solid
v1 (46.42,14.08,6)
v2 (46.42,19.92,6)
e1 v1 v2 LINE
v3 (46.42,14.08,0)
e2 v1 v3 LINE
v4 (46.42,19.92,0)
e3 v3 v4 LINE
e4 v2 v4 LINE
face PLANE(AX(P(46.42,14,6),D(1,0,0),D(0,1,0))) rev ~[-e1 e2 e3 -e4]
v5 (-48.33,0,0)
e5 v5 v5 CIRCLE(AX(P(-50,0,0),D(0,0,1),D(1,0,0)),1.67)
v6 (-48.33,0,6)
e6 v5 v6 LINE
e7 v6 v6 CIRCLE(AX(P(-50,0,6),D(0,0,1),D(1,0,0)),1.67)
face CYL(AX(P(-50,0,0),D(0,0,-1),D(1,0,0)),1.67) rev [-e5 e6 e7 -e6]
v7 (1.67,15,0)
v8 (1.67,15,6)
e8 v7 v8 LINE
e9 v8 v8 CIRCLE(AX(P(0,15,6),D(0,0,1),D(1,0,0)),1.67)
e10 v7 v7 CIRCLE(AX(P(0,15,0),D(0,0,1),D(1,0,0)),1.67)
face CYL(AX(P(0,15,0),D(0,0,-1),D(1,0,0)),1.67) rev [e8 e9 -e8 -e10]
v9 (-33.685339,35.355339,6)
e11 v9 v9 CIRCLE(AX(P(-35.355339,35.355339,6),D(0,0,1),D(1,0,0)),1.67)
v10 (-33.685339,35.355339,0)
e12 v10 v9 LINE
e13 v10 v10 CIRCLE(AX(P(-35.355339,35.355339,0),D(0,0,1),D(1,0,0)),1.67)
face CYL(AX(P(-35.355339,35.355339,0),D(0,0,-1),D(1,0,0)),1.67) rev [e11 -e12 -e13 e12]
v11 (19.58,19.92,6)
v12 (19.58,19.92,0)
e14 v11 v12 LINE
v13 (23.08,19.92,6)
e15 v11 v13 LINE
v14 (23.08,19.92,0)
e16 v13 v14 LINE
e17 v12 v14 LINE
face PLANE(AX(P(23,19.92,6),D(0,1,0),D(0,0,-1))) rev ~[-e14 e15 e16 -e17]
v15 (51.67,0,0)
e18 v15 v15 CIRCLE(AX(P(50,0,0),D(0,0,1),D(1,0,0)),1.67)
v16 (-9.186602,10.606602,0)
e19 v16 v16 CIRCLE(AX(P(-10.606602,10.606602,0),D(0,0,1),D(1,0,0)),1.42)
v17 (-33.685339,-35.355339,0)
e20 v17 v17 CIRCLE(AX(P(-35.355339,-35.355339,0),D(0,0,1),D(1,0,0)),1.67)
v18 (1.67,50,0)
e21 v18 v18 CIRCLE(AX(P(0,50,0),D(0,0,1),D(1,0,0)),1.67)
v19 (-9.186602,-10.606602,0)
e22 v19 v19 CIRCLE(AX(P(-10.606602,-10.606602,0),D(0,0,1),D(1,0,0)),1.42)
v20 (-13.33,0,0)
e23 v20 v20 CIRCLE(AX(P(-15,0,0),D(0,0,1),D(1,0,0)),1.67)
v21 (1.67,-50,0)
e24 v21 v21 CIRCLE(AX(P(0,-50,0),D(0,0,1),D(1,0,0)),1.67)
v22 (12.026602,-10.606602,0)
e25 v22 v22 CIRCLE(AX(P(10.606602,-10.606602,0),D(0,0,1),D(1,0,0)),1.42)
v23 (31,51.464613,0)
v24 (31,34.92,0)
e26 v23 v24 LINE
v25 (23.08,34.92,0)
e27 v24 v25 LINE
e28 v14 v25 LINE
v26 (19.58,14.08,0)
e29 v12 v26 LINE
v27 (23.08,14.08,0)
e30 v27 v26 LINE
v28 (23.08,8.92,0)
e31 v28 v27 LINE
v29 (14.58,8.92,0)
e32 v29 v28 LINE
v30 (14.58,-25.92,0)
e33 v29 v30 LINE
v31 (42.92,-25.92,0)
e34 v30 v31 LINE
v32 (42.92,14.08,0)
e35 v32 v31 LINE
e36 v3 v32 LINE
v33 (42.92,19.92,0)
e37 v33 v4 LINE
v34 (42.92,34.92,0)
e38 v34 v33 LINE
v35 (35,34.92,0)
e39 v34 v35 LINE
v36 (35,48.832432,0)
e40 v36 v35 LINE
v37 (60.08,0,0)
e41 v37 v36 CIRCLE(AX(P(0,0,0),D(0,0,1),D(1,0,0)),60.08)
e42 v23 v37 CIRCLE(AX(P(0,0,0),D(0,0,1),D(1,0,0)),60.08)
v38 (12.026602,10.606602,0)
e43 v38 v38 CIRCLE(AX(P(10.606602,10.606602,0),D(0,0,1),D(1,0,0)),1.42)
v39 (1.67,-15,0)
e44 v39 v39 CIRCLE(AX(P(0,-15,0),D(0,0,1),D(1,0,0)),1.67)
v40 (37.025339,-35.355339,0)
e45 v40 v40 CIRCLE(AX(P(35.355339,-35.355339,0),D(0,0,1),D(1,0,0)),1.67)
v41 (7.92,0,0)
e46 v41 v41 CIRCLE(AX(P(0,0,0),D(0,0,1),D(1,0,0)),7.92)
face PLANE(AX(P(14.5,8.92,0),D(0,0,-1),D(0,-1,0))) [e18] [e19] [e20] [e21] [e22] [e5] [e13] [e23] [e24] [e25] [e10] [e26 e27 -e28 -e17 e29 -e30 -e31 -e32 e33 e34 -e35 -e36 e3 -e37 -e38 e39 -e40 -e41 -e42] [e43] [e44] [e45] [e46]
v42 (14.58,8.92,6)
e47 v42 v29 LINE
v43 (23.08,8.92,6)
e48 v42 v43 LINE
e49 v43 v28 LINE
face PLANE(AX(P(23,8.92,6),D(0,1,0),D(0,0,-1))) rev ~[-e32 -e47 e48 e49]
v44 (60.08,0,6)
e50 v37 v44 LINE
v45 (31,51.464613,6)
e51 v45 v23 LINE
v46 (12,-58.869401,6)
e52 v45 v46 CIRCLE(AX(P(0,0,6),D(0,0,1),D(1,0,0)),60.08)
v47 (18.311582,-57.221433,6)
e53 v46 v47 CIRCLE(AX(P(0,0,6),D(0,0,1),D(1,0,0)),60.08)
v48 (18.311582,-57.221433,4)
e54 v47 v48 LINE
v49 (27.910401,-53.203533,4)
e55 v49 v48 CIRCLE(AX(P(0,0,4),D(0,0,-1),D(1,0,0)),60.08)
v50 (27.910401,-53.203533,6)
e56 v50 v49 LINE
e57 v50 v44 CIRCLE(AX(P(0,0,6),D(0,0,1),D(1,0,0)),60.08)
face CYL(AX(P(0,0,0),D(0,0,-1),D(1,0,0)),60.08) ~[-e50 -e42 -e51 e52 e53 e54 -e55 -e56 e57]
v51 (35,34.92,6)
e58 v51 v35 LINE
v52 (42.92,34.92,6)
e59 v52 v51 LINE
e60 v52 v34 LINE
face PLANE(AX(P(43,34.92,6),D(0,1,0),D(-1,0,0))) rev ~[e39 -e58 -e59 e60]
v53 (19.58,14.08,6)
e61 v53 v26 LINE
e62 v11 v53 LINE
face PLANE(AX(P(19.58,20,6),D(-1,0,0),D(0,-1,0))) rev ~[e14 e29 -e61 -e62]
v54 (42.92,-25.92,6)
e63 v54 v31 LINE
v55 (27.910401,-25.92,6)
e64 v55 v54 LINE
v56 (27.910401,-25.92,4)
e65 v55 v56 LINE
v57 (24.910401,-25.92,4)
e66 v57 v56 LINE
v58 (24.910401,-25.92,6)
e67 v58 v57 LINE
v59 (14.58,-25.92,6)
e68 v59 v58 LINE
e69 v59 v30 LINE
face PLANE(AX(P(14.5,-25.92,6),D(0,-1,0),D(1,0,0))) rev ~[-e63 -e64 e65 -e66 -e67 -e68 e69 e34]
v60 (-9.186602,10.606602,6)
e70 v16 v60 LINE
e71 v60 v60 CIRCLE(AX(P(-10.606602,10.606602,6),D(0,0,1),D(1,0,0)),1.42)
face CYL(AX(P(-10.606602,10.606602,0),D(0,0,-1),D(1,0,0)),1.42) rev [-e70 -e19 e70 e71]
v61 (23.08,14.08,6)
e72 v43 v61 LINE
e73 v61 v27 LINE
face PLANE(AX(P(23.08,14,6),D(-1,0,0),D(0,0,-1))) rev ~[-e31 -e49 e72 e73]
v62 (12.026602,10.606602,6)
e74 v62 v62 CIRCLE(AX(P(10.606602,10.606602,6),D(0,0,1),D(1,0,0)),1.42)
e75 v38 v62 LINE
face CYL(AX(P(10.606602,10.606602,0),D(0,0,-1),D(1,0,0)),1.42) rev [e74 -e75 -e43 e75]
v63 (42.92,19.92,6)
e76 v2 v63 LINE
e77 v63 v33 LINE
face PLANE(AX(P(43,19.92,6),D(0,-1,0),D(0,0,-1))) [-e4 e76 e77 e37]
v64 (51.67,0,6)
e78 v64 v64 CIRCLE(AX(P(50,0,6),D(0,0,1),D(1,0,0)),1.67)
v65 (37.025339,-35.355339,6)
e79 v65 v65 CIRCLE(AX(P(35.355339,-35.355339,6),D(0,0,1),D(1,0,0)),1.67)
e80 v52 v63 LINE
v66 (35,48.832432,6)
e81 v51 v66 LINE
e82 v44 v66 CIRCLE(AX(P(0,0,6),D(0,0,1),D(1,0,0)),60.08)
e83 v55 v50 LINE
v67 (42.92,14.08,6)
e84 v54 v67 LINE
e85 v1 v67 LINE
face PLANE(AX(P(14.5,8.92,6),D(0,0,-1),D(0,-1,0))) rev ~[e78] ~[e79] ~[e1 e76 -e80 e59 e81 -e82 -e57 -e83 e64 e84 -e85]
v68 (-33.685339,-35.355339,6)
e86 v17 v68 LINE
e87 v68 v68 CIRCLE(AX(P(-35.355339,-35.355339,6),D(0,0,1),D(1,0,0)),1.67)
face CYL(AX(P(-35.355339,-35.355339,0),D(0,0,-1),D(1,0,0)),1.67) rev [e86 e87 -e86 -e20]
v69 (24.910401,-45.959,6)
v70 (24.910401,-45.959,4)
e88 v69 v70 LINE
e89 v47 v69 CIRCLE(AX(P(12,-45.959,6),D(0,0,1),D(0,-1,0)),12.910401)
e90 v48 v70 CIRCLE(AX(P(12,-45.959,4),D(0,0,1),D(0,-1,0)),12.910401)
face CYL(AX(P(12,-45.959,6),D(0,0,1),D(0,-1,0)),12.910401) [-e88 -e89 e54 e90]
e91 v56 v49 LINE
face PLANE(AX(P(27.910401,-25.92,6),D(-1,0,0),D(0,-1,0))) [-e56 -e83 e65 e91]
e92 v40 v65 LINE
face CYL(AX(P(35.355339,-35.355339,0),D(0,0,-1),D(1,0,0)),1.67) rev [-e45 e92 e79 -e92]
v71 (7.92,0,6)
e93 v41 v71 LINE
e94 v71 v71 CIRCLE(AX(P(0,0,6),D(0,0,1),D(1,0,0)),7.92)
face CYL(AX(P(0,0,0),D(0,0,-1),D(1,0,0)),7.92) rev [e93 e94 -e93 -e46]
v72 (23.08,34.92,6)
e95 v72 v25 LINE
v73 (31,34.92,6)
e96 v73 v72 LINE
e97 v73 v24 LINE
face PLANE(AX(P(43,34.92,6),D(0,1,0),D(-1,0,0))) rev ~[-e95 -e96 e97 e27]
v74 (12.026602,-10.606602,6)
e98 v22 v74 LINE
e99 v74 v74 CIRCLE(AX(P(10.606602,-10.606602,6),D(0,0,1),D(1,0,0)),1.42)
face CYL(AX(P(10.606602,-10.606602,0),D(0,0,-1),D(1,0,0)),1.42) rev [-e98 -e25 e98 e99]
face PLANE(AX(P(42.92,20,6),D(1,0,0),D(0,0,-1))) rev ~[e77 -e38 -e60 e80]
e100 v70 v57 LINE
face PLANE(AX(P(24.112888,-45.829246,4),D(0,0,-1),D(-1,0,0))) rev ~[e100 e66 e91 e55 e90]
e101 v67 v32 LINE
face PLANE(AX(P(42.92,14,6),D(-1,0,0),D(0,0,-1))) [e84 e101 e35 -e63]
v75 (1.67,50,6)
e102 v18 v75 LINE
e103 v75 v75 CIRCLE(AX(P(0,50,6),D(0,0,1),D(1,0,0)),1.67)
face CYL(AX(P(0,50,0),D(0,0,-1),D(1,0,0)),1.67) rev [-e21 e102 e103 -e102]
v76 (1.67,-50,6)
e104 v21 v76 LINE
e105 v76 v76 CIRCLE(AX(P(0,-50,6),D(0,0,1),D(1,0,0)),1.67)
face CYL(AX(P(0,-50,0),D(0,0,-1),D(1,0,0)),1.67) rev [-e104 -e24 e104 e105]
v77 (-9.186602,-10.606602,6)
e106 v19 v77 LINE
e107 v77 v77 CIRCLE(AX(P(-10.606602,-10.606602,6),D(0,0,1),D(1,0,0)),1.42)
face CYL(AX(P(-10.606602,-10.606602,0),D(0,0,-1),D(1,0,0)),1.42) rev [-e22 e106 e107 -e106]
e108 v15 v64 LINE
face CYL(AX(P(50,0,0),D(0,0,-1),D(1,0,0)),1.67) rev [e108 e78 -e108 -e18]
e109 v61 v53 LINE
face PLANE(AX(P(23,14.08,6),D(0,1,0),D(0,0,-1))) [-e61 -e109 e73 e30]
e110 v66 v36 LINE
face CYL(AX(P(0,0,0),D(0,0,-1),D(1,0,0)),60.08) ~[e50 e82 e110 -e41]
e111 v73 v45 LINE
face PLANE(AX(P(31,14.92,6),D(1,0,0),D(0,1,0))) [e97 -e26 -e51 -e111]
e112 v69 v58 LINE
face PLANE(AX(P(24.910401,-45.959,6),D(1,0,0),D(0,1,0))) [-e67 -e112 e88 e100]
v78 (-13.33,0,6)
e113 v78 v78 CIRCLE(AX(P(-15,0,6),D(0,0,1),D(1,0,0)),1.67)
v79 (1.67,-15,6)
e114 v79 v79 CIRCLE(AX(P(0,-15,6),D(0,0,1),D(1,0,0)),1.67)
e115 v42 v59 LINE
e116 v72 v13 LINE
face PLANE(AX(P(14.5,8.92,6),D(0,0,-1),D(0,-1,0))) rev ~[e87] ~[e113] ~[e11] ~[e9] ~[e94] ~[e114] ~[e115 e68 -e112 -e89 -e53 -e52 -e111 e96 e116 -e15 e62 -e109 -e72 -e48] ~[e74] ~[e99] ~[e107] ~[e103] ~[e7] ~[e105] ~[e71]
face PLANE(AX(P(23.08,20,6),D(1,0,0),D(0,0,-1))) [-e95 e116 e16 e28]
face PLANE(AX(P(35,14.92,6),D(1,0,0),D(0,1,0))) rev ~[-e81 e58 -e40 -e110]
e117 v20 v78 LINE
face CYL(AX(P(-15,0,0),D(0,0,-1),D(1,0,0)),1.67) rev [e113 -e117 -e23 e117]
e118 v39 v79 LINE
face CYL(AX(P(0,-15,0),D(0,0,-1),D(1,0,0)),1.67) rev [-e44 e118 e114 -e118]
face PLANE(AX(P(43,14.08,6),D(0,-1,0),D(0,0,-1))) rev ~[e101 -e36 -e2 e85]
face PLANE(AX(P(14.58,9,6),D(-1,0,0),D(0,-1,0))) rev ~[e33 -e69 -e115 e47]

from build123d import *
from build123d.topology import SkipClean

# Parameters (mm, degrees)
SKETCH1_R           = 60
SKETCH1_R_2         = 8
SKETCH1_R_3         = 1.75
SKETCH1_R_4         = 1.5
BOSS_EXTRUDE1_DEPTH = 6
CUT_EXTRUDE1_DEPTH  = 86.064681273
MOVE_FACE1_BY       = 0.08
MOVE_FACE1_2_BY     = 0.08
MOVE_FACE1_3_BY     = 0.08
MOVE_FACE1_4_BY     = 0.08
MOVE_FACE1_5_BY     = 0.08
MOVE_FACE1_6_BY     = 0.08
MOVE_FACE1_7_BY     = 0.08
MOVE_FACE1_8_BY     = 0.08
MOVE_FACE1_9_BY     = 0.08
MOVE_FACE1_10_BY    = 0.08
MOVE_FACE1_11_BY    = 0.08
MOVE_FACE1_12_BY    = 0.08
MOVE_FACE1_13_BY    = 0.08
MOVE_FACE1_14_BY    = 0.08
MOVE_FACE1_15_BY    = 0.08
MOVE_FACE1_16_BY    = 0.08
MOVE_FACE1_17_BY    = 0.08
MOVE_FACE1_18_BY    = 0.08
MOVE_FACE1_19_BY    = 0.08
MOVE_FACE1_20_BY    = 0.08
MOVE_FACE1_21_BY    = 0.08
MOVE_FACE1_22_BY    = 0.08
MOVE_FACE1_23_BY    = 0.08
MOVE_FACE1_24_BY    = 0.08
MOVE_FACE1_25_BY    = 0.08
MOVE_FACE1_26_BY    = 0.08
MOVE_FACE1_27_BY    = 0.08
MOVE_FACE1_28_BY    = 0.08
MOVE_FACE1_29_BY    = 0.08
MOVE_FACE1_30_BY    = 0.08
CUT_EXTRUDE2_DEPTH  = 2
SKETCH4_W           = 4
SKETCH4_H           = 40
CUT_EXTRUDE3_DEPTH  = 86.177536945


with BuildPart() as part:
    # Sketch1 → Boss-Extrude1 (new body)
    with BuildSketch(Plane.XY):
        Circle(SKETCH1_R)
        Circle(SKETCH1_R_2, mode=Mode.SUBTRACT)
        with Locations((0, -15)):
            Circle(SKETCH1_R_3, mode=Mode.SUBTRACT)
        with Locations((10.606601718, -10.606601718)):
            Circle(SKETCH1_R_4, mode=Mode.SUBTRACT)
        with Locations((0, -50)):
            Circle(SKETCH1_R_3, mode=Mode.SUBTRACT)
        with Locations((-15, 0)):
            Circle(SKETCH1_R_3, mode=Mode.SUBTRACT)
        with Locations((-10.606601718, -10.606601718)):
            Circle(SKETCH1_R_4, mode=Mode.SUBTRACT)
        with Locations((0, 15)):
            Circle(SKETCH1_R_3, mode=Mode.SUBTRACT)
        with Locations((-10.606601718, 10.606601718)):
            Circle(SKETCH1_R_4, mode=Mode.SUBTRACT)
        with Locations((10.606601718, 10.606601718)):
            Circle(SKETCH1_R_4, mode=Mode.SUBTRACT)
        with Locations((-35.355339059, -35.355339059)):
            Circle(SKETCH1_R_3, mode=Mode.SUBTRACT)
        with Locations((-50, 0)):
            Circle(SKETCH1_R_3, mode=Mode.SUBTRACT)
        with Locations((-35.355339059, 35.355339059)):
            Circle(SKETCH1_R_3, mode=Mode.SUBTRACT)
        with Locations((0, 50)):
            Circle(SKETCH1_R_3, mode=Mode.SUBTRACT)
        with Locations((50, 0)):
            Circle(SKETCH1_R_3, mode=Mode.SUBTRACT)
        with Locations((35.355339059, -35.355339059)):
            Circle(SKETCH1_R_3, mode=Mode.SUBTRACT)
    extrude(amount=BOSS_EXTRUDE1_DEPTH)

    # Sketch2 → Cut-Extrude1 (cut, through all)
    with BuildSketch(Plane.XY.offset(6)):
        Polygon((14.5, -26), (43, -26), (43, 14), (46.5, 14), (46.5, 20), (43, 20), (43, 35), (23, 35), (23, 20), (19.5, 20), (19.5, 14), (23, 14), (23, 9), (14.5, 9), align=None)
    extrude(amount=-CUT_EXTRUDE1_DEPTH, mode=Mode.SUBTRACT)

    # Move Face1: a curved face moved outward by 0.08
    add(Solid.thicken(part.faces().sort_by_distance((-60, 0, 3))[0], MOVE_FACE1_BY))

    # Move Face1 2: a face moved outward by 0.08
    extrude(part.faces().sort_by_distance((23, 11.5, 3))[0], amount=MOVE_FACE1_2_BY, dir=(1, 0, 0))

    # Move Face1 3: a curved face moved outward by 0.08
    add(Solid.thicken(part.faces().sort_by_distance((-8, 0, 3))[0], MOVE_FACE1_3_BY))

    # Move Face1 4: a curved face moved outward by 0.08
    add(Solid.thicken(part.faces().sort_by_distance((-1.75, -15, 3))[0], MOVE_FACE1_4_BY))

    # Move Face1 5: a curved face moved outward by 0.08
    add(Solid.thicken(part.faces().sort_by_distance((9.106601718, -10.606601718, 3))[0], MOVE_FACE1_5_BY))

    # Move Face1 6: a curved face moved outward by 0.08
    add(Solid.thicken(part.faces().sort_by_distance((-1.75, -50, 3))[0], MOVE_FACE1_6_BY))

    # Move Face1 7: a curved face moved outward by 0.08
    add(Solid.thicken(part.faces().sort_by_distance((-16.75, 0, 3))[0], MOVE_FACE1_7_BY))

    # Move Face1 8: a curved face moved outward by 0.08
    add(Solid.thicken(part.faces().sort_by_distance((-12.106601718, -10.606601718, 3))[0], MOVE_FACE1_8_BY))

    # Move Face1 9: a curved face moved outward by 0.08
    add(Solid.thicken(part.faces().sort_by_distance((-1.75, 15, 3))[0], MOVE_FACE1_9_BY))

    # Move Face1 10: a curved face moved outward by 0.08
    add(Solid.thicken(part.faces().sort_by_distance((-12.106601718, 10.606601718, 3))[0], MOVE_FACE1_10_BY))

    # Move Face1 11: a curved face moved outward by 0.08
    add(Solid.thicken(part.faces().sort_by_distance((9.106601718, 10.606601718, 3))[0], MOVE_FACE1_11_BY))

    # Move Face1 12: a curved face moved outward by 0.08
    add(Solid.thicken(part.faces().sort_by_distance((-37.105339059, -35.355339059, 3))[0], MOVE_FACE1_12_BY))

    # Move Face1 13: a curved face moved outward by 0.08
    add(Solid.thicken(part.faces().sort_by_distance((-51.75, 0, 3))[0], MOVE_FACE1_13_BY))

    # Move Face1 14: a curved face moved outward by 0.08
    add(Solid.thicken(part.faces().sort_by_distance((-37.105339059, 35.355339059, 3))[0], MOVE_FACE1_14_BY))

    # Move Face1 15: a curved face moved outward by 0.08
    add(Solid.thicken(part.faces().sort_by_distance((-1.75, 50, 3))[0], MOVE_FACE1_15_BY))

    # Move Face1 16: a curved face moved outward by 0.08
    add(Solid.thicken(part.faces().sort_by_distance((48.25, 0, 3))[0], MOVE_FACE1_16_BY))

    # Move Face1 17: a curved face moved outward by 0.08
    add(Solid.thicken(part.faces().sort_by_distance((33.605339059, -35.355339059, 3))[0], MOVE_FACE1_17_BY))

    # Move Face1 18: a face moved outward by 0.08
    extrude(part.faces().sort_by_distance((23, 27.5, 3))[0], amount=MOVE_FACE1_18_BY, dir=(1, 0, 0))

    # Move Face1 19: a face moved outward by 0.08
    extrude(part.faces().sort_by_distance((18.75, 9, 3))[0], amount=MOVE_FACE1_19_BY, dir=(0, -1, 0))

    # Move Face1 20: a face moved outward by 0.08
    extrude(part.faces().sort_by_distance((21.25, 14, 3))[0], amount=MOVE_FACE1_20_BY, dir=(0, 1, 0))

    # Move Face1 21: a face moved outward by 0.08
    extrude(part.faces().sort_by_distance((21.25, 20, 3))[0], amount=MOVE_FACE1_21_BY, dir=(0, -1, 0))

    # Move Face1 22: a face moved outward by 0.08
    extrude(part.faces().sort_by_distance((33, 35, 3))[0], amount=MOVE_FACE1_22_BY, dir=(0, -1, 0))

    # Move Face1 23: a face moved outward by 0.08
    extrude(part.faces().sort_by_distance((28.75, -26, 3))[0], amount=MOVE_FACE1_23_BY, dir=(0, 1, 0))

    # Move Face1 24: a face moved outward by 0.08
    extrude(part.faces().sort_by_distance((43, -6, 3))[0], amount=MOVE_FACE1_24_BY, dir=(-1, 0, 0))

    # Move Face1 25: a face moved outward by 0.08
    extrude(part.faces().sort_by_distance((44.75, 14, 3))[0], amount=MOVE_FACE1_25_BY, dir=(0, 1, 0))

    # Move Face1 26: a face moved outward by 0.08
    extrude(part.faces().sort_by_distance((46.5, 17, 3))[0], amount=MOVE_FACE1_26_BY, dir=(-1, 0, 0))

    # Move Face1 27: a face moved outward by 0.08
    extrude(part.faces().sort_by_distance((44.75, 20, 3))[0], amount=MOVE_FACE1_27_BY, dir=(0, -1, 0))

    # Move Face1 28: a face moved outward by 0.08
    extrude(part.faces().sort_by_distance((43, 27.5, 3))[0], amount=MOVE_FACE1_28_BY, dir=(-1, 0, 0))

    # Move Face1 29: a face moved outward by 0.08
    extrude(part.faces().sort_by_distance((19.5, 17, 3))[0], amount=MOVE_FACE1_29_BY, dir=(1, 0, 0))

    # Move Face1 30: a face moved outward by 0.08
    extrude(part.faces().sort_by_distance((14.5, -8.5, 3))[0], amount=MOVE_FACE1_30_BY, dir=(1, 0, 0))

    # Sketch3 → Cut-Extrude2 (cut)
    with BuildSketch(Plane.XY.offset(6)):
        with BuildLine():
            Line((24.91040122, -45.959), (24.91040122, -25.92))
            Line((24.91040122, -25.92), (27.91040122, -25.92))
            Line((27.91040122, -25.92), (27.91040122, -58.86940122))
            Line((27.91040122, -58.86940122), (12, -58.86940122))
            ThreePointArc((12, -58.86940122), (21.12903225, -55.08803225), (24.91040122, -45.959))
        make_face()
    extrude(amount=-CUT_EXTRUDE2_DEPTH, mode=Mode.SUBTRACT)

    # Sketch4 → Cut-Extrude3 (cut, through all)
    with SkipClean():  # the faces are left unmerged after this step: merging them gives an invalid solid
        with BuildSketch(Plane.XY.offset(6)):
            with Locations((33, 34.92)):
                Rectangle(SKETCH4_W, SKETCH4_H)
        extrude(amount=-CUT_EXTRUDE3_DEPTH, mode=Mode.SUBTRACT)


solid = part.part
